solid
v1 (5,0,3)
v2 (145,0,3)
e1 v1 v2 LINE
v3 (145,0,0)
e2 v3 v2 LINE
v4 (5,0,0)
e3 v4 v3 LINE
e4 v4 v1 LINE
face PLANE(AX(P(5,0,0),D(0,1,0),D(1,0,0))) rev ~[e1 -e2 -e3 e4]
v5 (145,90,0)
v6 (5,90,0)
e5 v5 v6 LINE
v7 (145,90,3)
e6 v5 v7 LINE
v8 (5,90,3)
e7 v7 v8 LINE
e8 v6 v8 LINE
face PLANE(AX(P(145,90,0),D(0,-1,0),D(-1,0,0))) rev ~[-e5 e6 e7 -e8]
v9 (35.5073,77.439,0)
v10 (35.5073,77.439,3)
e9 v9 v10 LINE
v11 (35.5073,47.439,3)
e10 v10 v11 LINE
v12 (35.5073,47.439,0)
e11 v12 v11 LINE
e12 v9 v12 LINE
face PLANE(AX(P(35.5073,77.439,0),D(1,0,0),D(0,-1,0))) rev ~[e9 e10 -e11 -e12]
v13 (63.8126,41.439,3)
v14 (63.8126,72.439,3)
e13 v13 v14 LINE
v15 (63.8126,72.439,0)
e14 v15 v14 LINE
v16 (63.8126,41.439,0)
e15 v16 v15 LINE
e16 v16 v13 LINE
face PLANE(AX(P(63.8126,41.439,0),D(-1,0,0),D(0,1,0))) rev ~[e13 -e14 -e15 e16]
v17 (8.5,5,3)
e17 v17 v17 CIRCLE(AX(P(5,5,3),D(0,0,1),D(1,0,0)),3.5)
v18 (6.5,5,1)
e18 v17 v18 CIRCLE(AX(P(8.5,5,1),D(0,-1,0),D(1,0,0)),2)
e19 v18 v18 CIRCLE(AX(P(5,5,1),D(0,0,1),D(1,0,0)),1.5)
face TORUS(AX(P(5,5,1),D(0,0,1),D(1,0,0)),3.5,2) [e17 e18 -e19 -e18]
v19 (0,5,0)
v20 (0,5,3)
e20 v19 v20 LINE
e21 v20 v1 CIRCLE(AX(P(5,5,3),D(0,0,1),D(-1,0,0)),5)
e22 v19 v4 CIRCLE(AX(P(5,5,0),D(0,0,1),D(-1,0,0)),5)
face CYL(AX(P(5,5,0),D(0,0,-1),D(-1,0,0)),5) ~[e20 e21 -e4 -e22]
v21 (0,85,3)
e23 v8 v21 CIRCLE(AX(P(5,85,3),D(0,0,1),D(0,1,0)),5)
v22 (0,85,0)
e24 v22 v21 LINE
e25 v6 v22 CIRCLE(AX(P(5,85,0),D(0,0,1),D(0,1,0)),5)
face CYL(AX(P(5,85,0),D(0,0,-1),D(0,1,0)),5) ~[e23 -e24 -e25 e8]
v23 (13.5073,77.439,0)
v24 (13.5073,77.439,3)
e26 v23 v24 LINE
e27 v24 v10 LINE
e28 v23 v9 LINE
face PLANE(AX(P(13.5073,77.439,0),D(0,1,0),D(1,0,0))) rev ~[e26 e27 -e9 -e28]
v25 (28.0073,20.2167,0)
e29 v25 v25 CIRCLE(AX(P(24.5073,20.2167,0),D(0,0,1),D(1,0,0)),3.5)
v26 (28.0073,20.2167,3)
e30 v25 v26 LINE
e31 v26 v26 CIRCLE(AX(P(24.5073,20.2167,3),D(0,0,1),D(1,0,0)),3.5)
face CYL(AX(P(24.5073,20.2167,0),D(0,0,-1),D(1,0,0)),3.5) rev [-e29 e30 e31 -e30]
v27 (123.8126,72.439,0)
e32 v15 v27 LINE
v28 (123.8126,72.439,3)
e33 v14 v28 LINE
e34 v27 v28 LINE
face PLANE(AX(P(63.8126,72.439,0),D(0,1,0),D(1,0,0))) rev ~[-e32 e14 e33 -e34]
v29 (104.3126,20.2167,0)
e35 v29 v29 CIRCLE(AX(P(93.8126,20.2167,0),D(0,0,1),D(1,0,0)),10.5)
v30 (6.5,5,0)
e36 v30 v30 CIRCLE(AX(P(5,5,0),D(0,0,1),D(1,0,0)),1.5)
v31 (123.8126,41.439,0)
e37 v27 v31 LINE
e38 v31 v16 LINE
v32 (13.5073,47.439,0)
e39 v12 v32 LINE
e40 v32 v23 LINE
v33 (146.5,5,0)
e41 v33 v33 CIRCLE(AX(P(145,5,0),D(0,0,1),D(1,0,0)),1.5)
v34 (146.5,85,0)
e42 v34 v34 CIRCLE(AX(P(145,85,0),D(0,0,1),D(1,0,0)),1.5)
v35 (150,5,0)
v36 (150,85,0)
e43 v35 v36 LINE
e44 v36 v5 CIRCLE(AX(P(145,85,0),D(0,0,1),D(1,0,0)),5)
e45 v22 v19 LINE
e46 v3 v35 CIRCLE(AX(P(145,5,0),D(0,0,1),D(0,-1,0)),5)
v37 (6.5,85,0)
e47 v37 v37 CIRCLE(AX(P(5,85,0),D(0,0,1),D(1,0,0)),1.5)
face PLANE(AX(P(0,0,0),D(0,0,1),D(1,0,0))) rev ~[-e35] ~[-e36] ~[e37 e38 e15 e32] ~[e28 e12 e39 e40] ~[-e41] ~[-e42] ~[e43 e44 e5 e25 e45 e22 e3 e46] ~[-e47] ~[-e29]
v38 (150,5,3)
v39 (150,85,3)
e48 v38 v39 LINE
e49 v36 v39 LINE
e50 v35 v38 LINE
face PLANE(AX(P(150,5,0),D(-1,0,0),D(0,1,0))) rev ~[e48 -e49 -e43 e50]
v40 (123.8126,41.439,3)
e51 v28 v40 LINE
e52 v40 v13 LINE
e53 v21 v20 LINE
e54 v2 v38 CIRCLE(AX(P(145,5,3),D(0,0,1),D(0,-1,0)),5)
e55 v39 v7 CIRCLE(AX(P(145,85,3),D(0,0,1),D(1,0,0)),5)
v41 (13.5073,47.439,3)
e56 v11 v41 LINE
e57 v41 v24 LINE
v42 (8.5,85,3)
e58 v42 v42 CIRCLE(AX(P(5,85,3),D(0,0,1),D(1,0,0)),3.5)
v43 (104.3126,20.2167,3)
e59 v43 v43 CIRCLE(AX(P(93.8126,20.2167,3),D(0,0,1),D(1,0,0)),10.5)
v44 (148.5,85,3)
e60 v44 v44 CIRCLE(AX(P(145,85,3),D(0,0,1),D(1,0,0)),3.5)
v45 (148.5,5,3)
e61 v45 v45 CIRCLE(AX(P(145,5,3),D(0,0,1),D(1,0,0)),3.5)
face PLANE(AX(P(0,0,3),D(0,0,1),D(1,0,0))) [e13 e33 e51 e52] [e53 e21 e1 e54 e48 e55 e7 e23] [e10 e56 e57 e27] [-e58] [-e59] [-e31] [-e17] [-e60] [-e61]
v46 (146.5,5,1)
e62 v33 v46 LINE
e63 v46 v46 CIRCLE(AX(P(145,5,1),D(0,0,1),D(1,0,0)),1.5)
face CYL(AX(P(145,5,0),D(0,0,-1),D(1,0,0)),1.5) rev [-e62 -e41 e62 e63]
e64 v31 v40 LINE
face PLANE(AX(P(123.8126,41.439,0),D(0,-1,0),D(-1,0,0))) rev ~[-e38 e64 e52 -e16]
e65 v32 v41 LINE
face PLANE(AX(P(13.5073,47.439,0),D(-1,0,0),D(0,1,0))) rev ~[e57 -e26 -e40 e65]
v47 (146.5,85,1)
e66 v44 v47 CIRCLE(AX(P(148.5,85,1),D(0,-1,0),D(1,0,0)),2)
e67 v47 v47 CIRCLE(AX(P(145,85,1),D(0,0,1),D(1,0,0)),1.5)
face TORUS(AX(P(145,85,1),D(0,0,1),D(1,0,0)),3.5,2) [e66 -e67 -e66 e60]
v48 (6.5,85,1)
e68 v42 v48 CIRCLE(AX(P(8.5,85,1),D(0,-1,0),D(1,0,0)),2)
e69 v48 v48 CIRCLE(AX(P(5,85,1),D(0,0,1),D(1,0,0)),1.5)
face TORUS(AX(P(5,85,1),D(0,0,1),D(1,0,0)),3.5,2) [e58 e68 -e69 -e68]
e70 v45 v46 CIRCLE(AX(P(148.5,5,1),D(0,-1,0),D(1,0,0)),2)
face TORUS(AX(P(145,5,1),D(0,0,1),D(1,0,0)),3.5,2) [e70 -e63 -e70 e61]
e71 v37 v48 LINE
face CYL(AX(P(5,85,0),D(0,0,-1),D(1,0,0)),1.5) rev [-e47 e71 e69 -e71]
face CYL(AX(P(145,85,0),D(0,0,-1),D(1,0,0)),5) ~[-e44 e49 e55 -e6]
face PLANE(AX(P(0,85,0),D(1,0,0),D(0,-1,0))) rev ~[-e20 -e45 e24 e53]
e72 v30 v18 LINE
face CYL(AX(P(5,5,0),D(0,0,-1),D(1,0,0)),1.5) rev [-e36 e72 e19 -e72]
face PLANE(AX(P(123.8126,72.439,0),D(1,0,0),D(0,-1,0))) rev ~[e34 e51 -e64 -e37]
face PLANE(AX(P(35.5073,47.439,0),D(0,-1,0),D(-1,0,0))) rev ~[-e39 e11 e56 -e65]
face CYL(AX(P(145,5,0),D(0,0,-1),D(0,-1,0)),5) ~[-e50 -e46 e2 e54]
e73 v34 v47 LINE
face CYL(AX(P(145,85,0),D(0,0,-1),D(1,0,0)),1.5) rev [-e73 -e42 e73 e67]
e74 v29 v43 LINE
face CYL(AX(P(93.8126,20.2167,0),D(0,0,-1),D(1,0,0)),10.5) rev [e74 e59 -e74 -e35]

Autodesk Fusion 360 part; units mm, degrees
sketch "Sketch1" plane through (0, 0, 0) normal (0, 0, 1) x (1, 0, 0)
  line L0 (5, 0) -> (145, 0)
  line L1 (150, 5) -> (150, 85)
  line L2 (145, 90) -> (5, 90)
  line L3 (0, 85) -> (0, 5)
  line L4 (123.8126, 41.439) -> (63.8126, 41.439)
  line L5 (63.8126, 41.439) -> (63.8126, 72.439)
  line L6 (63.8126, 72.439) -> (123.8126, 72.439)
  line L7 (123.8126, 72.439) -> (123.8126, 41.439)
  line L8 (123.8126, 41.439) -> (63.8126, 72.439) construction
  line L9 (63.8126, 41.439) -> (123.8126, 72.439) construction
  line L10 (138.8126, 36.439) -> (48.8126, 36.439)
  line L11 (48.8126, 36.439) -> (48.8126, 77.439)
  line L12 (48.8126, 77.439) -> (138.8126, 77.439)
  line L13 (138.8126, 77.439) -> (138.8126, 36.439)
  line L14 (138.8126, 36.439) -> (48.8126, 77.439) construction
  line L15 (48.8126, 36.439) -> (138.8126, 77.439) construction
  line L16 (35.5073, 47.439) -> (13.5073, 47.439)
  line L17 (13.5073, 47.439) -> (13.5073, 77.439)
  line L18 (13.5073, 77.439) -> (35.5073, 77.439)
  line L19 (35.5073, 77.439) -> (35.5073, 47.439)
  line L20 (35.5073, 47.439) -> (13.5073, 77.439) construction
  line L21 (13.5073, 47.439) -> (35.5073, 77.439) construction
  circle A0 centre (24.5073, 20.2167) radius 3.5
  circle A1 centre (93.8126, 20.2167) radius 10.5
  arc A2 (5, 90) -> (0, 85) centre (5, 85) ccw
  arc A3 (150, 85) -> (145, 90) centre (145, 85) ccw
  arc A4 (145, 0) -> (150, 5) centre (145, 5) ccw
  arc A5 (0, 5) -> (5, 0) centre (5, 5) ccw
  circle A6 centre (5, 85) radius 1.5
  circle A7 centre (145, 85) radius 1.5
  circle A8 centre (145, 5) radius 1.5
  circle A9 centre (5, 5) radius 1.5
  point P0 (150, 0)
  point P1 (0, 90)
  point P2 (93.8126, 56.939)
  point P3 (93.8126, 56.939)
  point P4 (24.5073, 62.439)
  dimension "d1" = 150
  dimension "d2" = 90
  dimension "d3" = 60
  dimension "d4" = 31
  dimension "d5" = 90
  dimension "d6" = 41
  dimension "d7" = 22
  dimension "d8" = 30
  dimension "d9" = 7
  dimension "d10" = 21
  dimension "d13" = 5
  dimension "d14" = 5
  dimension "d15" = 5
  dimension "d16" = 5
  dimension "d17" = 3
  dimension "d18" = 3
  dimension "d19" = 3
  dimension "d20" = 3
extrude "Extrude3" add sketch "Sketch1" along normal blind 3 contours L0 L1 L2 L3 A2 A3 A4 A5 | L10 L11 L12 L13
fillet "Fillet1" radius 2 4 edges at (3.6015, 85.5424, 3) (143.6015, 85.5424, 3) (143.6015, 5.5424, 3) (3.6015, 5.5424, 3)
